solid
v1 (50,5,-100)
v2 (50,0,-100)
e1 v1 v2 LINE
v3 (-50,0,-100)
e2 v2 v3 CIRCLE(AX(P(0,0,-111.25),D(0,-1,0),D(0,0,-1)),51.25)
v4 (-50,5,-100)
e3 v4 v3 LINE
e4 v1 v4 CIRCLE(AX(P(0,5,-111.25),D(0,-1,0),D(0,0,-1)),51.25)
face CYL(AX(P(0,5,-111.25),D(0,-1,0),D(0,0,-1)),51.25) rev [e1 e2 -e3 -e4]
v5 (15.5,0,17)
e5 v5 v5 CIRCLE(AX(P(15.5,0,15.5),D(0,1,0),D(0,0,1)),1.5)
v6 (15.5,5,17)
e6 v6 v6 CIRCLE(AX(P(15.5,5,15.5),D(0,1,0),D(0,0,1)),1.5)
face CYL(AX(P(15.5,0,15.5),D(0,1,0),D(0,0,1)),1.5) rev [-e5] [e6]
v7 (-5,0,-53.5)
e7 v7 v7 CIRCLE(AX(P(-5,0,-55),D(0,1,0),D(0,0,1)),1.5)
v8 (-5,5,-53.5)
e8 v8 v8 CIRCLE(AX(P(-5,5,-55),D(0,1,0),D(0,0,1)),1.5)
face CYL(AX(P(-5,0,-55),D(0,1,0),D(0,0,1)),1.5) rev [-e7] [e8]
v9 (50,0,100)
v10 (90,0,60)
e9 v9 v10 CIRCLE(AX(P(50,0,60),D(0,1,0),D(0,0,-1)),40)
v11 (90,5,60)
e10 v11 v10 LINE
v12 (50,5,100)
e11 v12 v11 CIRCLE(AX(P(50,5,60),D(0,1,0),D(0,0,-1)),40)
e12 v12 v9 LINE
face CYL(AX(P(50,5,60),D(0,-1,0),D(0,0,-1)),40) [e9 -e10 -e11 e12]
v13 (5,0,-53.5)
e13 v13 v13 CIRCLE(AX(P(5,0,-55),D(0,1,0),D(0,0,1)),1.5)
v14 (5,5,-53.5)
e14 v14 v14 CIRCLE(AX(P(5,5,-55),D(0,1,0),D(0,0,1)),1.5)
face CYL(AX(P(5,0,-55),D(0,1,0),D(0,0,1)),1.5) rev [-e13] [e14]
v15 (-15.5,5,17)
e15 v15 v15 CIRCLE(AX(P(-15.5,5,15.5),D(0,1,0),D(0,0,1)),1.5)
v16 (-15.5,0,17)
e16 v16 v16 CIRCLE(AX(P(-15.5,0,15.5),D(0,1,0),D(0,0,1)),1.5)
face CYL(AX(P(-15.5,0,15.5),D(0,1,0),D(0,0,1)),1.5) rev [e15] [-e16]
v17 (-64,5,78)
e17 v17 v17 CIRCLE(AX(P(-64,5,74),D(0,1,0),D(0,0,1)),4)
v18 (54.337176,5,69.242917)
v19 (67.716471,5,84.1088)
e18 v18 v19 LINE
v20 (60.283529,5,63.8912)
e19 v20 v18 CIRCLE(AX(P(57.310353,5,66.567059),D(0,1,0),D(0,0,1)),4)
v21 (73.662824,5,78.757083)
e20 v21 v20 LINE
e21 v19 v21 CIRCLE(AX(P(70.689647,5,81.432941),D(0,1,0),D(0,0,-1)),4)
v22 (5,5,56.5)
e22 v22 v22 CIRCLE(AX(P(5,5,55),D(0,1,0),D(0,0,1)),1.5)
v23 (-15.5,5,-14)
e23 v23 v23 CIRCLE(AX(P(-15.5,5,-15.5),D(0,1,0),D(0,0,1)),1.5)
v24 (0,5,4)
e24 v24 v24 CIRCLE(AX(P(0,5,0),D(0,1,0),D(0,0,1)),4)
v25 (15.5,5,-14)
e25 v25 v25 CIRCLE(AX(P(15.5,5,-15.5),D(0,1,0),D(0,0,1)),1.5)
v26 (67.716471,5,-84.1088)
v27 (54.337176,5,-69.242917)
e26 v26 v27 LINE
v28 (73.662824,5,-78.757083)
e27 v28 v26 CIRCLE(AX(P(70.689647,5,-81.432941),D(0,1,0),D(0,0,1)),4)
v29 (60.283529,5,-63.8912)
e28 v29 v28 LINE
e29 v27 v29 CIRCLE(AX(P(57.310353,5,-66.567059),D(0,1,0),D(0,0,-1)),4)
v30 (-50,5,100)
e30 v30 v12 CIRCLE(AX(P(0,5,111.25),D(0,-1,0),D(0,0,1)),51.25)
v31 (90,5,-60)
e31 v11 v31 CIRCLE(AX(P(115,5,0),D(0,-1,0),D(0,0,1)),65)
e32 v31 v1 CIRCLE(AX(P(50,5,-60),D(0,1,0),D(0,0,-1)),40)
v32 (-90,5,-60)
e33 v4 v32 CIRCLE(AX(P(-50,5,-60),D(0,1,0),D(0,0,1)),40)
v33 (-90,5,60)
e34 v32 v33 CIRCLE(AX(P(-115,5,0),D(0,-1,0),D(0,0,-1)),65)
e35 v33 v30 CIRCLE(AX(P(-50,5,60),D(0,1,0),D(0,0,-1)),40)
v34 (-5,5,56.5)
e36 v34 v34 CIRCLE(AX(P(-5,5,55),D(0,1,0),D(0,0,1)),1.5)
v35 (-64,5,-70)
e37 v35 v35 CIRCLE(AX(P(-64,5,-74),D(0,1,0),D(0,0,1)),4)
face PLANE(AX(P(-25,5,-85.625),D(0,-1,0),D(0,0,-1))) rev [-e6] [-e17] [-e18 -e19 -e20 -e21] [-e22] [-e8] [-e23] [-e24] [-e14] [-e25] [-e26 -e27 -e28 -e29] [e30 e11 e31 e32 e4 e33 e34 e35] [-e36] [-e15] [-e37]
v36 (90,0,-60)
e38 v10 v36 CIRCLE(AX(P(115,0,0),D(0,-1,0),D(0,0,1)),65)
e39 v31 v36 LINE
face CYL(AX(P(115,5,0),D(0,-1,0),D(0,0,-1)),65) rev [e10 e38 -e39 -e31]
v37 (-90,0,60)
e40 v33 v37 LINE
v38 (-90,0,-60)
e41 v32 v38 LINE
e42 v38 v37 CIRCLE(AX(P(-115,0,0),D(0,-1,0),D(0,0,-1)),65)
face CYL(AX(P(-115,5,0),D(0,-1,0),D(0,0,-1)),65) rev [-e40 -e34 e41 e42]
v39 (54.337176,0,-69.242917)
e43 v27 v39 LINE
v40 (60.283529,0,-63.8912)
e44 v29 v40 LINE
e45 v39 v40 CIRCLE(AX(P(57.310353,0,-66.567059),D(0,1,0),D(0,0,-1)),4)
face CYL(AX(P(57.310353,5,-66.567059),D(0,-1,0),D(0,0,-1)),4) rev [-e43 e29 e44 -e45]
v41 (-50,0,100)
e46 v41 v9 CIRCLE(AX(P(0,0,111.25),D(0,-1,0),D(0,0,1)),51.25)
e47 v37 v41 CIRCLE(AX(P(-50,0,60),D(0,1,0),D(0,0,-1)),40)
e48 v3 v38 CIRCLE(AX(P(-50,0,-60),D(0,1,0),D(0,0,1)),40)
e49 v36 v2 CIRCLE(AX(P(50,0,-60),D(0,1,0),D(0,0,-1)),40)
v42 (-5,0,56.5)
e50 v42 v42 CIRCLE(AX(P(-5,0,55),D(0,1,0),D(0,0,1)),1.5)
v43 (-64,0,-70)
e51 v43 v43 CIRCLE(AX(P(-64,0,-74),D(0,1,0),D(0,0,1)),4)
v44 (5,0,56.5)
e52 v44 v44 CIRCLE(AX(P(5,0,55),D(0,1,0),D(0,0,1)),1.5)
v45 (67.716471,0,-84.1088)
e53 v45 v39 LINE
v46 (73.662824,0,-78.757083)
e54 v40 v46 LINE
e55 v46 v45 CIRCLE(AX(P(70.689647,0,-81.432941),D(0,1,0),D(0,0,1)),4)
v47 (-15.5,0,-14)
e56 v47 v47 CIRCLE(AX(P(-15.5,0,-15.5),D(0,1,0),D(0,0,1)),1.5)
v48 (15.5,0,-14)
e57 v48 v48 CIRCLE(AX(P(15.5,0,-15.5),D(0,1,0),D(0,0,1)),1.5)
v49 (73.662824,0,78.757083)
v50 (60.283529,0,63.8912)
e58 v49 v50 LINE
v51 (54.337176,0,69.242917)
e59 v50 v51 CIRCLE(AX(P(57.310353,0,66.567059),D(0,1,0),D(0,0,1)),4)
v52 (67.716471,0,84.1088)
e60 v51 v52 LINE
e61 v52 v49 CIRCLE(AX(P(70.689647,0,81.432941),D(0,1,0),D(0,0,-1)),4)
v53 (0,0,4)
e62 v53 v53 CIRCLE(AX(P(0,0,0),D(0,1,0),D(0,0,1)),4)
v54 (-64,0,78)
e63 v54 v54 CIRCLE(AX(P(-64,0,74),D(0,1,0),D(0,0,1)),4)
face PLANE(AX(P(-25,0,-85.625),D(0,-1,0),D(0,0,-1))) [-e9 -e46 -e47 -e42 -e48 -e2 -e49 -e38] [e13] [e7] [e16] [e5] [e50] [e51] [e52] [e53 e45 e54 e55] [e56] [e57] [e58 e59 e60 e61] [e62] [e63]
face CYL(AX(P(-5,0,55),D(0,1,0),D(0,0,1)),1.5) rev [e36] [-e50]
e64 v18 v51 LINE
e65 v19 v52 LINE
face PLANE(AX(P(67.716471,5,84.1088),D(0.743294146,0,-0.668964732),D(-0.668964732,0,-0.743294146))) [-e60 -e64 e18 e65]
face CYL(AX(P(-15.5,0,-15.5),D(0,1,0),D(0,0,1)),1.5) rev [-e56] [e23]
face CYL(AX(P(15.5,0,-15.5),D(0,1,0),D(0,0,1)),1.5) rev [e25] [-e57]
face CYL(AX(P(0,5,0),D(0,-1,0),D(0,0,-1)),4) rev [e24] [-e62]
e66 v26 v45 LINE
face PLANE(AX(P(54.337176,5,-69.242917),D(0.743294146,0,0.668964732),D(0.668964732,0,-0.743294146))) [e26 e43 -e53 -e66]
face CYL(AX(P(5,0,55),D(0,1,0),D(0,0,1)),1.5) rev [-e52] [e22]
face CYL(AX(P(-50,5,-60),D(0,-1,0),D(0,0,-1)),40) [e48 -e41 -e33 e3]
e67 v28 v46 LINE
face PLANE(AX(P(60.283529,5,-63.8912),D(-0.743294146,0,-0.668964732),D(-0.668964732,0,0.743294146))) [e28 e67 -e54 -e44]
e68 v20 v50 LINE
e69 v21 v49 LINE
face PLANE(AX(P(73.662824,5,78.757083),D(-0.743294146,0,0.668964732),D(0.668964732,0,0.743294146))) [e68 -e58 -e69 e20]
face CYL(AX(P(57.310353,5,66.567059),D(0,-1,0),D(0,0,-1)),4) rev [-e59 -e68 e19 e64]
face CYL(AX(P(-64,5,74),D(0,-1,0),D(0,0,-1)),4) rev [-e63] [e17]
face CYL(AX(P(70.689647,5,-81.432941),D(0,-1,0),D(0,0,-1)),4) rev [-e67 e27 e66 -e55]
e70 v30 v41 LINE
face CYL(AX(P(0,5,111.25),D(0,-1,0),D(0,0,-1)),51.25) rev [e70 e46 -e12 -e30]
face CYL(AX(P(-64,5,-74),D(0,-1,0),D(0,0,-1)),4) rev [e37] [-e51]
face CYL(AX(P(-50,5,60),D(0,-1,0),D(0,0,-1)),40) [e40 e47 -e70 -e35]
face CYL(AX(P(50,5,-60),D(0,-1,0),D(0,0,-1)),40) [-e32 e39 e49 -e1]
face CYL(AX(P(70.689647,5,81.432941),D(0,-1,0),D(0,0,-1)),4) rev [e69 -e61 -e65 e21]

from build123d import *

# Parameters (mm, degrees)
SCHIZZO1_R                   = 4
ESTRUSIONE_ESTRUSIONE1_DEPTH = 5
SCHIZZO2_R                   = 1.5
TAGLIO_ESTRUSIONE1_DEPTH     = 135.629120178
SCHIZZO3_R                   = 1.5
TAGLIO_ESTRUSIONE2_DEPTH     = 135.629120178


with BuildPart() as part:
    # Schizzo1 → Estrusione-Estrusione1 (new body)
    with BuildSketch(Plane(origin=(0, 0, 0), x_dir=(1, 0, 0), z_dir=(0, 1, 0))):
        with BuildLine():
            ThreePointArc((-50, 100), (-78.284271247, 88.284271247), (-90, 60))
            ThreePointArc((-90, 60), (-50, 0), (-90, -60))
            ThreePointArc((-90, -60), (-78.284271247, -88.284271247), (-50, -100))
            ThreePointArc((-50, -100), (0, -60), (50, -100))
            ThreePointArc((50, -100), (78.284271247, -88.284271247), (90, -60))
            ThreePointArc((90, -60), (50, 0), (90, 60))
            ThreePointArc((90, 60), (78.284271247, 88.284271247), (50, 100))
            ThreePointArc((50, 100), (0, 60), (-50, 100))
        make_face()
        with Locations(Location((-64, 74, 0), (0, 0, 270))):
            Circle(SCHIZZO1_R, mode=Mode.SUBTRACT)
        with Locations(Location((-64, -74, 0), (0, 0, 270))):
            Circle(SCHIZZO1_R, mode=Mode.SUBTRACT)
        with Locations(Location((0, 0, 0), (0, 0, 270))):
            Circle(SCHIZZO1_R, mode=Mode.SUBTRACT)
        with BuildLine():
            Line((73.662823901, -78.757082536), (60.283529269, -63.891199611))
            ThreePointArc((60.283529269, -63.891199611), (54.634493757, -63.593881953), (54.337176099, -69.242917464))
            Line((54.337176099, -69.242917464), (67.716470731, -84.108800389))
            ThreePointArc((67.716470731, -84.108800389), (73.365506243, -84.406118047), (73.662823901, -78.757082536))
        make_face(mode=Mode.SUBTRACT)
        with BuildLine():
            Line((60.283529269, 63.891199611), (73.662823901, 78.757082536))
            ThreePointArc((73.662823901, 78.757082536), (73.365506243, 84.406118047), (67.716470731, 84.108800389))
            Line((67.716470731, 84.108800389), (54.337176099, 69.242917464))
            ThreePointArc((54.337176099, 69.242917464), (54.634493757, 63.593881953), (60.283529269, 63.891199611))
        make_face(mode=Mode.SUBTRACT)
    extrude(amount=ESTRUSIONE_ESTRUSIONE1_DEPTH)

    # Schizzo2 → Taglio-Estrusione1 (cut, through all)
    with BuildSketch(Plane(origin=(0, 5, 0), x_dir=(1, 0, 0), z_dir=(0, 1, 0))):
        with Locations(Location((-15.5, 15.5, 0), (0, 0, 270))):
            Circle(SCHIZZO2_R)
        with Locations(Location((15.5, 15.5, 0), (0, 0, 270))):
            Circle(SCHIZZO2_R)
        with Locations(Location((15.5, -15.5, 0), (0, 0, 270))):
            Circle(SCHIZZO2_R)
        with Locations(Location((-15.5, -15.5, 0), (0, 0, 270))):
            Circle(SCHIZZO2_R)
    extrude(amount=-TAGLIO_ESTRUSIONE1_DEPTH, mode=Mode.SUBTRACT)

    # Schizzo3 → Taglio-Estrusione2 (cut, through all)
    with BuildSketch(Plane(origin=(0, 5, 0), x_dir=(1, 0, 0), z_dir=(0, 1, 0))):
        with Locations(Location((-5, 55, 0), (0, 0, 270))):
            Circle(SCHIZZO3_R)
        with Locations(Location((5, 55, 0), (0, 0, 270))):
            Circle(SCHIZZO3_R)
        with Locations(Location((-5, -55, 0), (0, 0, 270))):
            Circle(SCHIZZO3_R)
        with Locations(Location((5, -55, 0), (0, 0, 270))):
            Circle(SCHIZZO3_R)
    extrude(amount=-TAGLIO_ESTRUSIONE2_DEPTH, mode=Mode.SUBTRACT)


solid = part.part
